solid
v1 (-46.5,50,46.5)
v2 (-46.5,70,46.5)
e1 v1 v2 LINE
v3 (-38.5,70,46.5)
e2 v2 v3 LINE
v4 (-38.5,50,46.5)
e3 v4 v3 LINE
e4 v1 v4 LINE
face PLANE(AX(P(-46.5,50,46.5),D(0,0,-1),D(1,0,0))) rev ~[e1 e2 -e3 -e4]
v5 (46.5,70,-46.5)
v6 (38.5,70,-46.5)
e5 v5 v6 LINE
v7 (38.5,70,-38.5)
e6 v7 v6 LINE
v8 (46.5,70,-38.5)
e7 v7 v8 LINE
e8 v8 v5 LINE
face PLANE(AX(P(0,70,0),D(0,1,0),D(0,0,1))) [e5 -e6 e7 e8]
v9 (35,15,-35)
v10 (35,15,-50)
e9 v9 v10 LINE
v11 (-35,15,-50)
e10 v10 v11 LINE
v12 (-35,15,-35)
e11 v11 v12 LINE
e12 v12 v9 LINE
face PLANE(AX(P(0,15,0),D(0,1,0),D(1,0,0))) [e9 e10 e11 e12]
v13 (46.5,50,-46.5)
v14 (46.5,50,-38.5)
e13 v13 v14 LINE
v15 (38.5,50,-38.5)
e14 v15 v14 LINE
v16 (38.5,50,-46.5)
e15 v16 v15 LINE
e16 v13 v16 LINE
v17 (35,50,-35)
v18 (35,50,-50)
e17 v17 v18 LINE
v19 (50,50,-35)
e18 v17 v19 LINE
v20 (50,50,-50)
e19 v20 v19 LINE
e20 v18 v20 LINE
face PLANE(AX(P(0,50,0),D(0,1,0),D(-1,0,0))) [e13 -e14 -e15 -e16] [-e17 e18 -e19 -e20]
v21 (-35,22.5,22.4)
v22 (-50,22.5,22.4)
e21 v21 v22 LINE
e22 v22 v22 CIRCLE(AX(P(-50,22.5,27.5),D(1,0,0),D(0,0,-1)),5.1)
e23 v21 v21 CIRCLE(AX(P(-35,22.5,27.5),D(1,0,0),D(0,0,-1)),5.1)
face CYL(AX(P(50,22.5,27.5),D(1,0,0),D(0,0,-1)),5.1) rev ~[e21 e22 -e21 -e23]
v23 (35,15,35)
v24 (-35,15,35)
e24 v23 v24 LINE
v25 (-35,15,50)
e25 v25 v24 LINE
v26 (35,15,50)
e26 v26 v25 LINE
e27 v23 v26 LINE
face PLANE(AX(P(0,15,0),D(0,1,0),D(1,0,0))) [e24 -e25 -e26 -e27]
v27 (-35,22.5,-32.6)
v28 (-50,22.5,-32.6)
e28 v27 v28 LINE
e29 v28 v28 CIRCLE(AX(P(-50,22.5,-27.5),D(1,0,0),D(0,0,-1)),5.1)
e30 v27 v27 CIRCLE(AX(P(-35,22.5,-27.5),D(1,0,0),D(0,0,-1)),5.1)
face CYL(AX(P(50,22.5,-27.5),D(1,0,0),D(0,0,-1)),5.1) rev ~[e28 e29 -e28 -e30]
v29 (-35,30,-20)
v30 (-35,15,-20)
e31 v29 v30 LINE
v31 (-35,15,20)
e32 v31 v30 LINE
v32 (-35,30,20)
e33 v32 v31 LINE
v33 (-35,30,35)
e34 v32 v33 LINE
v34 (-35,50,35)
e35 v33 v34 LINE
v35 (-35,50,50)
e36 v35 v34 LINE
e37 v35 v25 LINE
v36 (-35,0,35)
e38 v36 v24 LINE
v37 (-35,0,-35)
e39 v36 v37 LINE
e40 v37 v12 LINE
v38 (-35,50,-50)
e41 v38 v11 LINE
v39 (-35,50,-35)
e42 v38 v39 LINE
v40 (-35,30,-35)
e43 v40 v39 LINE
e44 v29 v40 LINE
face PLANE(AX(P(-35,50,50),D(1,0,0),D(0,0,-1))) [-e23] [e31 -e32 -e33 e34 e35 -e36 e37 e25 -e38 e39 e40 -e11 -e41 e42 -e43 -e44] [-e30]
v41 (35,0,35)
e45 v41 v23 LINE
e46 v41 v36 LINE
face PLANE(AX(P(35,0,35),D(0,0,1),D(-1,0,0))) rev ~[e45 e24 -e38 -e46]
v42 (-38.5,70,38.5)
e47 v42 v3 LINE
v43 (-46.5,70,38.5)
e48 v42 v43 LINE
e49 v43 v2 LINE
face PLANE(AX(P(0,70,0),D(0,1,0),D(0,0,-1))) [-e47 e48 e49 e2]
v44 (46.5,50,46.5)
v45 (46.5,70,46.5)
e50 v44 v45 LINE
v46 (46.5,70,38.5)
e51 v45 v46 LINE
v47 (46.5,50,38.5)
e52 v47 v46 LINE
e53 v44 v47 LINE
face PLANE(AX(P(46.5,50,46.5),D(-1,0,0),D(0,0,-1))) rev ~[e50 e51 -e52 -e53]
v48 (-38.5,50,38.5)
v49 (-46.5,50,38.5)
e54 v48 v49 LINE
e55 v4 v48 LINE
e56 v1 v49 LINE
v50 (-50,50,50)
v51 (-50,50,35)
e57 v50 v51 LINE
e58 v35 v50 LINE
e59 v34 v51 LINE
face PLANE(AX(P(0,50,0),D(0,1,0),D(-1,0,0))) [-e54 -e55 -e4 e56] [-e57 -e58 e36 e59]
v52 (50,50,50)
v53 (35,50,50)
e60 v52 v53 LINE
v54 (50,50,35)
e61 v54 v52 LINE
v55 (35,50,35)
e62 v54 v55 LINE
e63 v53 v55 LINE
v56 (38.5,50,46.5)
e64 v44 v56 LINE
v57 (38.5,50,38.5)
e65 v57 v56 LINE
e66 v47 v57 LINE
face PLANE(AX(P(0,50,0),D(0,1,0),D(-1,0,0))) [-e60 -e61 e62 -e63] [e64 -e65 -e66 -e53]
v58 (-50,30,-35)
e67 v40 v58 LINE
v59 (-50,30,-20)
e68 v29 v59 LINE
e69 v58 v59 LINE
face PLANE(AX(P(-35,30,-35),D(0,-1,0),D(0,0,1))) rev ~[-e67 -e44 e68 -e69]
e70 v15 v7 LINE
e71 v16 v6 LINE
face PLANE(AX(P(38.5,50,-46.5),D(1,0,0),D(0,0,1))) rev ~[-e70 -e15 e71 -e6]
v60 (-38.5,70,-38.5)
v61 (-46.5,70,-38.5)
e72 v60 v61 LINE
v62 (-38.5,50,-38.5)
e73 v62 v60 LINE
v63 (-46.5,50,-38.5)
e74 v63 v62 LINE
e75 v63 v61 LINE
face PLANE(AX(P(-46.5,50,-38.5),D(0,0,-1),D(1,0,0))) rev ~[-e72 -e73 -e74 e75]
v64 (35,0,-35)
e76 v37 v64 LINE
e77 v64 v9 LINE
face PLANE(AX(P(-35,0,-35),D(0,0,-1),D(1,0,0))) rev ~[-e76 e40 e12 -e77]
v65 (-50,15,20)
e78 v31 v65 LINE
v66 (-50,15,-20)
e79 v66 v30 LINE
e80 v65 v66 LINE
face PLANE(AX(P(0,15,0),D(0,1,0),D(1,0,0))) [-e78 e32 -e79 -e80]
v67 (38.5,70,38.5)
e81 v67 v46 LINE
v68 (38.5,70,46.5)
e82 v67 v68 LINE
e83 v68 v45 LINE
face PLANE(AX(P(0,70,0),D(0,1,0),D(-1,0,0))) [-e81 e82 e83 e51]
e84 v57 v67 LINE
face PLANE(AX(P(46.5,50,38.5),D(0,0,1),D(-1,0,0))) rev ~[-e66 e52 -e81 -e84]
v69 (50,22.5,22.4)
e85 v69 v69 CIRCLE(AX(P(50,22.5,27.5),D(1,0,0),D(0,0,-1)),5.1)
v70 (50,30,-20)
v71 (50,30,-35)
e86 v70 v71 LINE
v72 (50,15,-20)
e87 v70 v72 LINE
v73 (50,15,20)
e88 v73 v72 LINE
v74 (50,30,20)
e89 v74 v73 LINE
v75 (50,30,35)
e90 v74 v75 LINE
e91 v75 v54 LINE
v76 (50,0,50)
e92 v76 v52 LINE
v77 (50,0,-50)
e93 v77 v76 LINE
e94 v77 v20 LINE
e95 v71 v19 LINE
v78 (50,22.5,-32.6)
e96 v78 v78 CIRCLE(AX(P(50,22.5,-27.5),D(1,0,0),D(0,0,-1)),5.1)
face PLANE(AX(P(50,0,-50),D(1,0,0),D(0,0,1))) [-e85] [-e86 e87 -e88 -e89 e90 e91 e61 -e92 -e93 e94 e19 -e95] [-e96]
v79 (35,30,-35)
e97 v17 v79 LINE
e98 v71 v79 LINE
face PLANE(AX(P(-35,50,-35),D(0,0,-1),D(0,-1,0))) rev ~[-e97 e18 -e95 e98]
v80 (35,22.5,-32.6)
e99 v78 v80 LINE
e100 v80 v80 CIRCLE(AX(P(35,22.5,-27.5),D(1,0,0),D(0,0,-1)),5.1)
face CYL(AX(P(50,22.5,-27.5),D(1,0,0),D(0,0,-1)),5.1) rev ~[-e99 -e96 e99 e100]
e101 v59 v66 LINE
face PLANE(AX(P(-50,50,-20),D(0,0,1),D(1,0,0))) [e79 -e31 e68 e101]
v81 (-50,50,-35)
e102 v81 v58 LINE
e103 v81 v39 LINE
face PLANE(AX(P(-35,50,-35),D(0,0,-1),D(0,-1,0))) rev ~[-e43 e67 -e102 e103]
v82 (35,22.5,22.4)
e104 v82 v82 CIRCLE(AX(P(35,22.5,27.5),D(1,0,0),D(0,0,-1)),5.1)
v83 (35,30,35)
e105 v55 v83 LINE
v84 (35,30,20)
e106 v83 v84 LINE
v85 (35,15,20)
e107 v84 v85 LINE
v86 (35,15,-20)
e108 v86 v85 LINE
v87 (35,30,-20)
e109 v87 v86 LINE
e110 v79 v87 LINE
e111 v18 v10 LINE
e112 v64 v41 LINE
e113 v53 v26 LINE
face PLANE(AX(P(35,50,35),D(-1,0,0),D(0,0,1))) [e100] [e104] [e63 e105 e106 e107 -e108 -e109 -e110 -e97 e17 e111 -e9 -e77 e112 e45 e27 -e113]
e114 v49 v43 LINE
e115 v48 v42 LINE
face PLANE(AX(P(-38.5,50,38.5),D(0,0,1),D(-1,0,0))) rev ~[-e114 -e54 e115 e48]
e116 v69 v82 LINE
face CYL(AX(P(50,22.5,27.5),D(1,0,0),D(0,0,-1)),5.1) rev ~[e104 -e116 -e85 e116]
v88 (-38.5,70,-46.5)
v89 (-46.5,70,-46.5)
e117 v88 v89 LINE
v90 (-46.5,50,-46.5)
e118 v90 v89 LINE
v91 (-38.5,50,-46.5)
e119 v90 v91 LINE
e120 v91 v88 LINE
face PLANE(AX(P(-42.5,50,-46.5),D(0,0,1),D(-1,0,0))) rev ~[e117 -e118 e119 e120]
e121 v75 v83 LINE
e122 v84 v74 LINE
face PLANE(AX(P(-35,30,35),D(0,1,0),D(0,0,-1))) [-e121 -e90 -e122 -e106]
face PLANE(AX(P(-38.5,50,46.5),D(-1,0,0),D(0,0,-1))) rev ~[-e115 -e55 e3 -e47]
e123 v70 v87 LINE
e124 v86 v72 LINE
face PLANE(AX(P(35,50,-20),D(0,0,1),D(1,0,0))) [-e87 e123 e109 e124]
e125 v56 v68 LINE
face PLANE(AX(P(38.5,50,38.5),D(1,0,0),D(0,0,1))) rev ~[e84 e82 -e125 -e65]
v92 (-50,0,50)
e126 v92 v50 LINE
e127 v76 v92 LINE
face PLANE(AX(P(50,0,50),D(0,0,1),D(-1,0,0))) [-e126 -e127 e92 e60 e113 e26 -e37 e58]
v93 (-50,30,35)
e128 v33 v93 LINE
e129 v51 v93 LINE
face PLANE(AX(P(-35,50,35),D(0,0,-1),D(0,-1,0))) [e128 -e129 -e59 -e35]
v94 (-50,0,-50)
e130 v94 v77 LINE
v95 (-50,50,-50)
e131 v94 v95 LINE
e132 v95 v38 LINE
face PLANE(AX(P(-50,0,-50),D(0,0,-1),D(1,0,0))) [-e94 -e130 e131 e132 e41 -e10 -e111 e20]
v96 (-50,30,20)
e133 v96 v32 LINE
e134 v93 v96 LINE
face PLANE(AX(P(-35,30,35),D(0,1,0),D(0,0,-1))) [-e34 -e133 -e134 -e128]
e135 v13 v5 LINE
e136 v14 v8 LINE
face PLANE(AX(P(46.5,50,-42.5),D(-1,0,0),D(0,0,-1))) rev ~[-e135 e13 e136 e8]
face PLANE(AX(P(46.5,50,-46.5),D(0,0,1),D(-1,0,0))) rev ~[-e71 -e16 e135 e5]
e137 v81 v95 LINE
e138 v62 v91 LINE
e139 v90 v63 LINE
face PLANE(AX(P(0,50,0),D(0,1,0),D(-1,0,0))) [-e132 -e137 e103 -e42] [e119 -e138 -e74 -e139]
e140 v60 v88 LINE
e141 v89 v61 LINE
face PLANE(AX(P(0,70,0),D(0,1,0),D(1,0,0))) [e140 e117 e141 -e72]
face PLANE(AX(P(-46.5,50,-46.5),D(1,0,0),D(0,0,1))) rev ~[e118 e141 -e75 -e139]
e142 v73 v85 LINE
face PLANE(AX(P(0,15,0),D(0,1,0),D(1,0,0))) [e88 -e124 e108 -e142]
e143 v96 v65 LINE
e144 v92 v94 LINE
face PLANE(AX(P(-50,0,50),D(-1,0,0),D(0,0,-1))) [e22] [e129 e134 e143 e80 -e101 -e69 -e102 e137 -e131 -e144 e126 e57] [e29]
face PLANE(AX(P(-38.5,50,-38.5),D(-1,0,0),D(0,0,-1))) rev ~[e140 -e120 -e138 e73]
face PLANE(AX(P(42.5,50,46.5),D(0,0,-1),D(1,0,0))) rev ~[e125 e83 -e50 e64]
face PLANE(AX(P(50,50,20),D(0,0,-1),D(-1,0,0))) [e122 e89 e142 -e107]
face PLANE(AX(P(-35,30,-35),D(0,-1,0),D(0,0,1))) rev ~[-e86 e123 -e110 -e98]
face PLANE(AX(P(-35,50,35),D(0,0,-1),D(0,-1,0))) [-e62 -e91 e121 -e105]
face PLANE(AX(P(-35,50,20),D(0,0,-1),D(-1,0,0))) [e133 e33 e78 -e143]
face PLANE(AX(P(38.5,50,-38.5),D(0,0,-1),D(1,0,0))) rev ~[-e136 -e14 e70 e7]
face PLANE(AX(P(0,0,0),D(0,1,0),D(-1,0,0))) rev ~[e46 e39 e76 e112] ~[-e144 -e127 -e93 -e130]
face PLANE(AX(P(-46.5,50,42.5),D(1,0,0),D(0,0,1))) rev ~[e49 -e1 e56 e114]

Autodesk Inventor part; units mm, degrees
ref_plane "YZ Plane" through (0, 0, 0) normal (1, 0, 0) x (0, 1, 0)
ref_plane "XZ Plane" through (0, 0, 0) normal (0, 1, 0) x (-1, 0, 0)
ref_plane "XY Plane" through (0, 0, 0) normal (0, 0, 1) x (1, 0, 0)
sketch "Эскиз1" plane through (0, 0, 0) normal (0, 1, 0) x (-1, 0, 0)
  line L0 (-50, 50) -> (50, 50)
  line L1 (50, 50) -> (50, -50)
  line L2 (50, -50) -> (-50, -50)
  line L3 (-50, -50) -> (-50, 50)
  line L4 (-50, 50) -> (50, -50) construction
  line L5 (50, 50) -> (-50, -50) construction
  line L6 (-35, 35) -> (35, 35)
  line L7 (35, 35) -> (35, -35)
  line L8 (35, -35) -> (-35, -35)
  line L9 (-35, -35) -> (-35, 35)
  line L10 (-35, 35) -> (35, -35) construction
  line L11 (35, 35) -> (-35, -35) construction
  point P0 (0, 0)
  dimension "d0" = 100
  dimension "d1" = 100
  dimension "d2" = 15
  dimension "d3" = 15
extrude "Выдавливание1" add sketch "Эскиз1" along normal blind 50
sketch "Эскиз3" plane through (0, 50, 0) normal (0, 1, 0) x (1, 0, 0)
  line L0 (-35, 35) -> (-35, -35) projected
  line L1 (-35, 0) -> (-50, 0)
  line L2 (-50, -50) -> (-50, 50) projected
  line L3 (35, -35) -> (35, 35) projected
  line L4 (35, 0) -> (50, 0)
  line L5 (50, 50) -> (50, -50) projected
  line L6 (-35, -20) -> (-50, -20)
  line L7 (-50, -20) -> (-50, 20)
  line L8 (-50, 20) -> (-35, 20)
  line L9 (-35, 20) -> (-35, -20)
  line L10 (-35, -20) -> (-50, 20) construction
  line L11 (-50, -20) -> (-35, 20) construction
  line L12 (50, -20) -> (35, -20)
  line L13 (35, -20) -> (35, 20)
  line L14 (35, 20) -> (50, 20)
  line L15 (50, 20) -> (50, -20)
  line L16 (50, -20) -> (35, 20) construction
  line L17 (35, -20) -> (50, 20) construction
  line L18 (-35, -35) -> (35, -35) projected
  line L19 (0, -35) -> (0, -50)
  line L20 (50, -50) -> (-50, -50) projected
  line L21 (35, 35) -> (-35, 35) projected
  line L22 (0, 35) -> (0, 50)
  line L23 (-50, 50) -> (50, 50) projected
  line L24 (35, -50) -> (-35, -50)
  line L25 (-35, -50) -> (-35, -35)
  line L26 (-35, -35) -> (35, -35)
  line L27 (35, -35) -> (35, -50)
  line L28 (35, -50) -> (-35, -35) construction
  line L29 (-35, -50) -> (35, -35) construction
  line L30 (35, 50) -> (-35, 50)
  line L31 (-35, 50) -> (-35, 35)
  line L32 (-35, 35) -> (35, 35)
  line L33 (35, 35) -> (35, 50)
  line L34 (35, 50) -> (-35, 35) construction
  line L35 (-35, 50) -> (35, 35) construction
  point P0 (0, 0)
  point P1 (-42.5, 0)
  point P2 (42.5, 0)
  point P3 (0, -42.5)
  point P4 (0, 42.5)
  dimension "d14" = 40
  dimension "d15" = 40
extrude "Выдавливание2" cut sketch "Эскиз3" against normal blind 35 contours L31 L23 L22 L21 | L0 L1 L2 L8 | L22 L23 L33 L21 | L0 L6 L2 L1 | L14 L5 L4 L3 | L18 L19 L20 L25 | L4 L5 L12 L3 | L18 L27 L20 L19
sketch "Эскиз4" plane through (-35, 0, 35) normal (1, 0, 0) x (0, 0, -1)
  line L0 (15, 15) -> (15, 50) projected
  line L1 (15, 50) -> (0, 50)
  line L2 (0, 50) -> (0, 30)
  line L3 (0, 30) -> (15, 30)
  line L4 (15, 30) -> (15, 50)
  line L5 (85, 50) -> (55, 50) projected
  line L6 (55, 50) -> (70, 50)
  line L7 (70, 50) -> (70, 30)
  line L8 (70, 30) -> (55, 30)
  line L9 (55, 30) -> (55, 50)
  point P0 (35, 0)
  dimension "d18" = 15
  dimension "d19" = 20
  dimension "d20" = 15
  dimension "d21" = 20
extrude "Выдавливание3" cut sketch "Эскиз4" along normal blind 90.5 and the other way blind 45.25
sketch "Эскиз5" plane through (50, 0, 50) normal (1, 0, 0) x (0, 0, -1)
  circle A0 centre (22.5, 22.5) radius 5.1
  circle A1 centre (77.5, 22.5) radius 5.1
  line L0 (85, 30) -> (70, 30) projected
  line L1 (70, 30) -> (70, 15) projected
  line L2 (30, 15) -> (30, 30) projected
  line L3 (30, 30) -> (15, 30) projected
  point P0 (50, 0)
  dimension "d26" = 10.2
  dimension "d27" = 10.2
  dimension "d28" = 7.5
  dimension "d29" = 7.5
  dimension "d30" = 7.5
  dimension "d31" = 7.5
extrude "Выдавливание4" cut sketch "Эскиз5" against normal blind 156
sketch "Эскиз6" plane through (0, 50, 0) normal (0, 1, 0) x (1, 0, 0)
  line L0 (-35, 35) -> (-50, 35) projected
  line L1 (-42.5, 35) -> (-42.5, 50)
  line L2 (-50, 50) -> (50, 50) projected
  line L3 (-38.5, 46.5) -> (-46.5, 46.5)
  line L4 (-46.5, 46.5) -> (-46.5, 38.5)
  line L5 (-46.5, 38.5) -> (-38.5, 38.5)
  line L6 (-38.5, 38.5) -> (-38.5, 46.5)
  line L7 (-38.5, 46.5) -> (-46.5, 38.5) construction
  line L8 (-46.5, 46.5) -> (-38.5, 38.5) construction
  point P0 (0, 0)
  point P1 (-42.5, 42.5)
  dimension "d34" = 8
  dimension "d35" = 8
extrude "Выдавливание5" add sketch "Эскиз6" along normal blind 20
pattern_circular "Круговой массив1" count 4 over 360 about axis through (0, -10, 0) along (0, 1, 0) of "Выдавливание5"
properties part number "000.113 - Верх центрального сегмента"
